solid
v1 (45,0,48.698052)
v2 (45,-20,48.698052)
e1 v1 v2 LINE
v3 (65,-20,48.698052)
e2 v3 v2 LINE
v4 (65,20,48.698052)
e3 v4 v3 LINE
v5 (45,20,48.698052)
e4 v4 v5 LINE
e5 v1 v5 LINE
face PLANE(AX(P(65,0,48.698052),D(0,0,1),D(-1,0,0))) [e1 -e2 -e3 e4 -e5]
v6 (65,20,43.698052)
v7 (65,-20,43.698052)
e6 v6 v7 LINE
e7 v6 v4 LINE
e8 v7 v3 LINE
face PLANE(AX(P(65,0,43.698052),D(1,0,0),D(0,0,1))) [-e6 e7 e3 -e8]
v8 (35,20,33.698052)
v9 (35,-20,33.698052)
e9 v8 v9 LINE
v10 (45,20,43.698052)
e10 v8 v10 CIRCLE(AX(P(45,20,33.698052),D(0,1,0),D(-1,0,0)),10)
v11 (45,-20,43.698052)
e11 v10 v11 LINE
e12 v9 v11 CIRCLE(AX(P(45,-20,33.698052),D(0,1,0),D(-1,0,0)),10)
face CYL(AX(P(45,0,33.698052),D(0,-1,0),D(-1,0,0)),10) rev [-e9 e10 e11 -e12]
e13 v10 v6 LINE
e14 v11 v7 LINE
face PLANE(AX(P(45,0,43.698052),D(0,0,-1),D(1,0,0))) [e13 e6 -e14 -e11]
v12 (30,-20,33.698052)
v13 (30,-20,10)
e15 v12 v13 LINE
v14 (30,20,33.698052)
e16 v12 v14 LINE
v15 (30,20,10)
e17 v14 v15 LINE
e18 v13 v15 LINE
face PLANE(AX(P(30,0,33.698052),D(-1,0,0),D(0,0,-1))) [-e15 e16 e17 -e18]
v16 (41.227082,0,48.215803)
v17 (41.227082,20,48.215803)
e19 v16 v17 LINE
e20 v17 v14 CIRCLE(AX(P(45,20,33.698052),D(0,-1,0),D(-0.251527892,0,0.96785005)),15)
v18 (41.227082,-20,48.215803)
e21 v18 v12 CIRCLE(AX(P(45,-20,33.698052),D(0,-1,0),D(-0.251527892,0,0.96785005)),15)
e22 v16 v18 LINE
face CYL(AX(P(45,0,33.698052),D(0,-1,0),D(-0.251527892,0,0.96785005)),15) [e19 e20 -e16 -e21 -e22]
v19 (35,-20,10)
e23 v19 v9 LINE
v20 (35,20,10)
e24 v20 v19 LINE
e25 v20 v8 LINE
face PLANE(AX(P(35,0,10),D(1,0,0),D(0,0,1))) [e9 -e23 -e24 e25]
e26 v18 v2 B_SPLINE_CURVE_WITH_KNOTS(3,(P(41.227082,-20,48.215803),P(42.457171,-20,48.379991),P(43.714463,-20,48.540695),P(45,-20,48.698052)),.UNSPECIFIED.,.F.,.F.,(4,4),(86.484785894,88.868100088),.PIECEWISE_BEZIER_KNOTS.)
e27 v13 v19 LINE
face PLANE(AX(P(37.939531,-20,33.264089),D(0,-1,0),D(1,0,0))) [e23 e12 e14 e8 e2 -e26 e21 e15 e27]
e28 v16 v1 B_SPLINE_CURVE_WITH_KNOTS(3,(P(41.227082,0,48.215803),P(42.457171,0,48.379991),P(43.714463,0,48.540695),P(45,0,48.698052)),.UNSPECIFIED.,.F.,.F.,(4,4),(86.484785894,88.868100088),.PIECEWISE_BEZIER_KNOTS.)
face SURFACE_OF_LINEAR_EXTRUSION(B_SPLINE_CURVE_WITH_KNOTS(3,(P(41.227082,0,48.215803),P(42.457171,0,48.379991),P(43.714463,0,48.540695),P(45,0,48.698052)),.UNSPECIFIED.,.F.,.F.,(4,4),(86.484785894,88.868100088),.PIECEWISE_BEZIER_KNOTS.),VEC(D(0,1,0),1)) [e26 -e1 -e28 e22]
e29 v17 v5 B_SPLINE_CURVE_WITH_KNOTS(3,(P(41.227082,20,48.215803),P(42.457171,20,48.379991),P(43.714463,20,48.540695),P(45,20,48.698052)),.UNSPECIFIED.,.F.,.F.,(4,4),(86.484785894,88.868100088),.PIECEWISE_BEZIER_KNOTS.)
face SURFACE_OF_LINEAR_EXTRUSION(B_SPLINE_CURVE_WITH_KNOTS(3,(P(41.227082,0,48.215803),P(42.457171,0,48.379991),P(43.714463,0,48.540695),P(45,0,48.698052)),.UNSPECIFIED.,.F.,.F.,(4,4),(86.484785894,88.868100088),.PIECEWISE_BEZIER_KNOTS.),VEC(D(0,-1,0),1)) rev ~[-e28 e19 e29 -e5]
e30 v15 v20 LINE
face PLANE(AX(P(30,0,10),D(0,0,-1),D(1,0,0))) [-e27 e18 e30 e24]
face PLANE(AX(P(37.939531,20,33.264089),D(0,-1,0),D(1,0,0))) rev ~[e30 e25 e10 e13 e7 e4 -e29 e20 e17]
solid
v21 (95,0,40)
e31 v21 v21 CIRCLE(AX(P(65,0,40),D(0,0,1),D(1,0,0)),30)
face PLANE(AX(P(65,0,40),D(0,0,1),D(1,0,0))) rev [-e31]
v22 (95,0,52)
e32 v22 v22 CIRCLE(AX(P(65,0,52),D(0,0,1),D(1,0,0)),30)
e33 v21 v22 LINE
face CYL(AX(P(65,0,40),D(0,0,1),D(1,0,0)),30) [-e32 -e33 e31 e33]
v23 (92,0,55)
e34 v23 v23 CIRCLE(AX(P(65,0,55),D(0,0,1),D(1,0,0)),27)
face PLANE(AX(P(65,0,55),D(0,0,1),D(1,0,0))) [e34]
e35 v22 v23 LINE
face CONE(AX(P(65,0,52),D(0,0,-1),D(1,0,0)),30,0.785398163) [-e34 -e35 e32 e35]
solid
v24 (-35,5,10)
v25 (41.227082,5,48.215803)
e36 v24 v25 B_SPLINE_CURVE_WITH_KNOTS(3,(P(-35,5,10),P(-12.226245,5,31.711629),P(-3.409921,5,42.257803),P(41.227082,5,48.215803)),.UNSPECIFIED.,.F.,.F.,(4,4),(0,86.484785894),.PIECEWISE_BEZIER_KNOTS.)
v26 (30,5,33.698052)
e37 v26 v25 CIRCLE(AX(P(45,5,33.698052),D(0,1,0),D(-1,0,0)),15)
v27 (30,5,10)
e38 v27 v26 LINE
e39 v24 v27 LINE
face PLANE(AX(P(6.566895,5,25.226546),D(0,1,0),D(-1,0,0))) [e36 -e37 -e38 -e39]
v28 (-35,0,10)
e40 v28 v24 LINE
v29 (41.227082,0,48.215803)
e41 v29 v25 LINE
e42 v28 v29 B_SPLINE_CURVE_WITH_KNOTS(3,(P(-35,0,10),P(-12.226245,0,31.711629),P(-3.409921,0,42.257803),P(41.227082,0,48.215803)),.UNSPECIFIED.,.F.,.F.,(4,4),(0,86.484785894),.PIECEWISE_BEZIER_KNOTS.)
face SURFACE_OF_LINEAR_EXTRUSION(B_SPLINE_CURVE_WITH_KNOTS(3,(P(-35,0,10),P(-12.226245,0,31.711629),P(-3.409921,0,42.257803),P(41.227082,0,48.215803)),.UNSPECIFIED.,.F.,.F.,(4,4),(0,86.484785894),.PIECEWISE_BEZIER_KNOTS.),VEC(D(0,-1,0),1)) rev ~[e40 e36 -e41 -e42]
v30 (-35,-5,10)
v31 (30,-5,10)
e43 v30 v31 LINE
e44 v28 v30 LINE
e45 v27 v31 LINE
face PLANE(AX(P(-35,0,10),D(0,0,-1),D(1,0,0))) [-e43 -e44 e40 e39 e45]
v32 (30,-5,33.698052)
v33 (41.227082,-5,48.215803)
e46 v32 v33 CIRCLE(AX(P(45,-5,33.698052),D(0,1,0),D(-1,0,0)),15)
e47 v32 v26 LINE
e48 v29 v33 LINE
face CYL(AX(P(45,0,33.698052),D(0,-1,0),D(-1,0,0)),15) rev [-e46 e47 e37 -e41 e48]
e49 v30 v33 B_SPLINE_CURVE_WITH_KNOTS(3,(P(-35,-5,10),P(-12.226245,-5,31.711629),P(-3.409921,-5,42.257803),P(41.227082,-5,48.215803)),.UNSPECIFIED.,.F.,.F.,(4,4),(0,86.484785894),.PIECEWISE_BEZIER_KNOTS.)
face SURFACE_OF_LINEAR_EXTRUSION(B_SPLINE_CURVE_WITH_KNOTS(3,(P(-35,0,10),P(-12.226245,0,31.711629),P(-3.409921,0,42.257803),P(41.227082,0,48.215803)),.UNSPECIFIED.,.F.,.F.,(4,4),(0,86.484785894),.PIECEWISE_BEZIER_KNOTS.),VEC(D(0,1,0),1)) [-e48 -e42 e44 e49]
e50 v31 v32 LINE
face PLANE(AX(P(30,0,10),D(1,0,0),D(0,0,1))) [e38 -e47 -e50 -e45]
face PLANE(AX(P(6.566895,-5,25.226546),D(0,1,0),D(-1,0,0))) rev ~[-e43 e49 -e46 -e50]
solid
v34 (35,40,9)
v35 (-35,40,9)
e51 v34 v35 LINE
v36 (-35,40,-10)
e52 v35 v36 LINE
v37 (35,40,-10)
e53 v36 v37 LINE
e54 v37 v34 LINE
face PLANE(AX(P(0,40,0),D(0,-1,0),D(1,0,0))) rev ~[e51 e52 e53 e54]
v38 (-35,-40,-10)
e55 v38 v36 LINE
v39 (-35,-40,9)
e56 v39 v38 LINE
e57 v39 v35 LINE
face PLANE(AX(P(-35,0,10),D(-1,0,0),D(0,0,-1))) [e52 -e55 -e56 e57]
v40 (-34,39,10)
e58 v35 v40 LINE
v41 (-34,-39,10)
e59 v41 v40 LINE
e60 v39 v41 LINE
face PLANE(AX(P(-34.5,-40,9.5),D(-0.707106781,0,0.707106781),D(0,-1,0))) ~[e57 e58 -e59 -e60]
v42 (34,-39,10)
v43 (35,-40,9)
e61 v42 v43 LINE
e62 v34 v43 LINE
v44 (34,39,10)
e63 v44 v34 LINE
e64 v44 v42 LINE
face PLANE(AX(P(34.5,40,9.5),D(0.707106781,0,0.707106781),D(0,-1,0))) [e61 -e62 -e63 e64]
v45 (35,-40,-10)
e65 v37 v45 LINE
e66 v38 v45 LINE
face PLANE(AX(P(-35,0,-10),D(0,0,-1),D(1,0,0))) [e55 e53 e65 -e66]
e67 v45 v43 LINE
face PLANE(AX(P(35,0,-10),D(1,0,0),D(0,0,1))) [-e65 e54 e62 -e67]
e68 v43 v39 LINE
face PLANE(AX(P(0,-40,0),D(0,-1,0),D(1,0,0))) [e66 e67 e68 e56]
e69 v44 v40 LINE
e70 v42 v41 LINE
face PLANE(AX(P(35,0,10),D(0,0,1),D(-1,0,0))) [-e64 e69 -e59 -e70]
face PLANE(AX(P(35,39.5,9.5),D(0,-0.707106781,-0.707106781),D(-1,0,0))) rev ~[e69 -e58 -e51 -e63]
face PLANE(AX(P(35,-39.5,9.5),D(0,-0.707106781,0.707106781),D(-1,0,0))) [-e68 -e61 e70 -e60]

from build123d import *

# Parameters (mm, degrees)
F1_DEPTH = 40
F0_W     = 10
F0_H     = 5
F2_DEPTH = 20
F3_DEPTH = 5
F5_SIZE  = 1
F6_SIZE  = 3
F7_R     = 15.6062150544
F8_DEPTH = 82.8


with BuildPart() as f1:
    # F0 (on Front) → F1 (new body, symmetric)
    with BuildSketch(Plane.XZ):
        Polygon((-35, -10), (35, -10), (35, 10), (30, 10), (-35, 10), align=None)
    extrude(amount=F1_DEPTH, both=True)

    # F5
    f5_edges = [f1.edges().sort_by_distance(p)[0] for p in [
        (-35, 0, 10),
        (0, -40, 10),
        (35, 0, 10),
        (0, 40, 10),
    ]]
    chamfer(f5_edges, length=F5_SIZE)

    # F7 (on Top) → F8 (cut)
    with BuildSketch(Plane.XY):
        with Locations((64.8903474212, 0)):
            Circle(F7_R)
    extrude(amount=-F8_DEPTH, mode=Mode.SUBTRACT)


with BuildPart() as f2:
    # F0 (on Front) → F2 (new body, symmetric)
    with BuildSketch(Plane.XZ):
        with BuildLine():
            Line((30, 10), (35, 10))
            Line((35, 10), (35, 33.6980518011))
            ThreePointArc((35, 33.6980518011), (37.9289321881, 40.769119613), (45, 43.6980518011))
            Line((45, 43.6980518011), (55, 43.6980518011))
            Line((55, 43.6980518011), (55, 48.6980518011))
            Line((55, 48.6980518011), (45, 48.6980518011))
            add(Edge.make_bspline(
                [(41.2270816212, 48.2158025534), (42.4571708207, 48.3799907814), (43.7144630307, 48.5406946478), (45, 48.6980518011)],
                knots=[86.4847858943, 86.4847858943, 86.4847858943, 86.4847858943, 88.8681000877, 88.8681000877, 88.8681000877, 88.8681000877], degree=3))
            ThreePointArc((41.2270816212, 48.2158025534), (33.1342135599, 42.8742771775), (30, 33.6980518011))
            Line((30, 33.6980518011), (30, 10))
        make_face()
        with Locations((60, 46.1980518011)):
            Rectangle(F0_W, F0_H)
    extrude(amount=F2_DEPTH, both=True)


with BuildPart() as f3:
    # F0 (on Front) → F3 (new body, symmetric)
    with BuildSketch(Plane.XZ):
        with BuildLine():
            add(Edge.make_bspline(
                [(-35, 10), (-12.2262453231, 31.711628752), (-3.4099206471, 42.2578034865), (41.2270816212, 48.2158025534)],
                knots=[0, 0, 0, 0, 86.4847858943, 86.4847858943, 86.4847858943, 86.4847858943], degree=3))
            Line((-35, 10), (30, 10))
            Line((30, 10), (30, 33.6980518011))
            ThreePointArc((30, 33.6980518011), (33.1342135599, 42.8742771775), (41.2270816212, 48.2158025534))
        make_face()
    extrude(amount=F3_DEPTH, both=True)


with BuildPart() as f4:
    # F0 (on Front) → F4 (revolve)
    with BuildSketch(Plane.XZ):
        Polygon((65, 48.6980518011), (65, 43.6980518011), (65, 40), (95, 40), (95, 55), (65, 55), align=None)
    revolve(axis=Axis((65, 0, 47.5), (0, 0, 1)))

    # F6
    f6_edges = [f4.edges().sort_by_distance(p)[0] for p in [
        (35, 0, 55),
    ]]
    chamfer(f6_edges, length=F6_SIZE)


solid = Compound([f1.part, f2.part, f3.part, f4.part])
